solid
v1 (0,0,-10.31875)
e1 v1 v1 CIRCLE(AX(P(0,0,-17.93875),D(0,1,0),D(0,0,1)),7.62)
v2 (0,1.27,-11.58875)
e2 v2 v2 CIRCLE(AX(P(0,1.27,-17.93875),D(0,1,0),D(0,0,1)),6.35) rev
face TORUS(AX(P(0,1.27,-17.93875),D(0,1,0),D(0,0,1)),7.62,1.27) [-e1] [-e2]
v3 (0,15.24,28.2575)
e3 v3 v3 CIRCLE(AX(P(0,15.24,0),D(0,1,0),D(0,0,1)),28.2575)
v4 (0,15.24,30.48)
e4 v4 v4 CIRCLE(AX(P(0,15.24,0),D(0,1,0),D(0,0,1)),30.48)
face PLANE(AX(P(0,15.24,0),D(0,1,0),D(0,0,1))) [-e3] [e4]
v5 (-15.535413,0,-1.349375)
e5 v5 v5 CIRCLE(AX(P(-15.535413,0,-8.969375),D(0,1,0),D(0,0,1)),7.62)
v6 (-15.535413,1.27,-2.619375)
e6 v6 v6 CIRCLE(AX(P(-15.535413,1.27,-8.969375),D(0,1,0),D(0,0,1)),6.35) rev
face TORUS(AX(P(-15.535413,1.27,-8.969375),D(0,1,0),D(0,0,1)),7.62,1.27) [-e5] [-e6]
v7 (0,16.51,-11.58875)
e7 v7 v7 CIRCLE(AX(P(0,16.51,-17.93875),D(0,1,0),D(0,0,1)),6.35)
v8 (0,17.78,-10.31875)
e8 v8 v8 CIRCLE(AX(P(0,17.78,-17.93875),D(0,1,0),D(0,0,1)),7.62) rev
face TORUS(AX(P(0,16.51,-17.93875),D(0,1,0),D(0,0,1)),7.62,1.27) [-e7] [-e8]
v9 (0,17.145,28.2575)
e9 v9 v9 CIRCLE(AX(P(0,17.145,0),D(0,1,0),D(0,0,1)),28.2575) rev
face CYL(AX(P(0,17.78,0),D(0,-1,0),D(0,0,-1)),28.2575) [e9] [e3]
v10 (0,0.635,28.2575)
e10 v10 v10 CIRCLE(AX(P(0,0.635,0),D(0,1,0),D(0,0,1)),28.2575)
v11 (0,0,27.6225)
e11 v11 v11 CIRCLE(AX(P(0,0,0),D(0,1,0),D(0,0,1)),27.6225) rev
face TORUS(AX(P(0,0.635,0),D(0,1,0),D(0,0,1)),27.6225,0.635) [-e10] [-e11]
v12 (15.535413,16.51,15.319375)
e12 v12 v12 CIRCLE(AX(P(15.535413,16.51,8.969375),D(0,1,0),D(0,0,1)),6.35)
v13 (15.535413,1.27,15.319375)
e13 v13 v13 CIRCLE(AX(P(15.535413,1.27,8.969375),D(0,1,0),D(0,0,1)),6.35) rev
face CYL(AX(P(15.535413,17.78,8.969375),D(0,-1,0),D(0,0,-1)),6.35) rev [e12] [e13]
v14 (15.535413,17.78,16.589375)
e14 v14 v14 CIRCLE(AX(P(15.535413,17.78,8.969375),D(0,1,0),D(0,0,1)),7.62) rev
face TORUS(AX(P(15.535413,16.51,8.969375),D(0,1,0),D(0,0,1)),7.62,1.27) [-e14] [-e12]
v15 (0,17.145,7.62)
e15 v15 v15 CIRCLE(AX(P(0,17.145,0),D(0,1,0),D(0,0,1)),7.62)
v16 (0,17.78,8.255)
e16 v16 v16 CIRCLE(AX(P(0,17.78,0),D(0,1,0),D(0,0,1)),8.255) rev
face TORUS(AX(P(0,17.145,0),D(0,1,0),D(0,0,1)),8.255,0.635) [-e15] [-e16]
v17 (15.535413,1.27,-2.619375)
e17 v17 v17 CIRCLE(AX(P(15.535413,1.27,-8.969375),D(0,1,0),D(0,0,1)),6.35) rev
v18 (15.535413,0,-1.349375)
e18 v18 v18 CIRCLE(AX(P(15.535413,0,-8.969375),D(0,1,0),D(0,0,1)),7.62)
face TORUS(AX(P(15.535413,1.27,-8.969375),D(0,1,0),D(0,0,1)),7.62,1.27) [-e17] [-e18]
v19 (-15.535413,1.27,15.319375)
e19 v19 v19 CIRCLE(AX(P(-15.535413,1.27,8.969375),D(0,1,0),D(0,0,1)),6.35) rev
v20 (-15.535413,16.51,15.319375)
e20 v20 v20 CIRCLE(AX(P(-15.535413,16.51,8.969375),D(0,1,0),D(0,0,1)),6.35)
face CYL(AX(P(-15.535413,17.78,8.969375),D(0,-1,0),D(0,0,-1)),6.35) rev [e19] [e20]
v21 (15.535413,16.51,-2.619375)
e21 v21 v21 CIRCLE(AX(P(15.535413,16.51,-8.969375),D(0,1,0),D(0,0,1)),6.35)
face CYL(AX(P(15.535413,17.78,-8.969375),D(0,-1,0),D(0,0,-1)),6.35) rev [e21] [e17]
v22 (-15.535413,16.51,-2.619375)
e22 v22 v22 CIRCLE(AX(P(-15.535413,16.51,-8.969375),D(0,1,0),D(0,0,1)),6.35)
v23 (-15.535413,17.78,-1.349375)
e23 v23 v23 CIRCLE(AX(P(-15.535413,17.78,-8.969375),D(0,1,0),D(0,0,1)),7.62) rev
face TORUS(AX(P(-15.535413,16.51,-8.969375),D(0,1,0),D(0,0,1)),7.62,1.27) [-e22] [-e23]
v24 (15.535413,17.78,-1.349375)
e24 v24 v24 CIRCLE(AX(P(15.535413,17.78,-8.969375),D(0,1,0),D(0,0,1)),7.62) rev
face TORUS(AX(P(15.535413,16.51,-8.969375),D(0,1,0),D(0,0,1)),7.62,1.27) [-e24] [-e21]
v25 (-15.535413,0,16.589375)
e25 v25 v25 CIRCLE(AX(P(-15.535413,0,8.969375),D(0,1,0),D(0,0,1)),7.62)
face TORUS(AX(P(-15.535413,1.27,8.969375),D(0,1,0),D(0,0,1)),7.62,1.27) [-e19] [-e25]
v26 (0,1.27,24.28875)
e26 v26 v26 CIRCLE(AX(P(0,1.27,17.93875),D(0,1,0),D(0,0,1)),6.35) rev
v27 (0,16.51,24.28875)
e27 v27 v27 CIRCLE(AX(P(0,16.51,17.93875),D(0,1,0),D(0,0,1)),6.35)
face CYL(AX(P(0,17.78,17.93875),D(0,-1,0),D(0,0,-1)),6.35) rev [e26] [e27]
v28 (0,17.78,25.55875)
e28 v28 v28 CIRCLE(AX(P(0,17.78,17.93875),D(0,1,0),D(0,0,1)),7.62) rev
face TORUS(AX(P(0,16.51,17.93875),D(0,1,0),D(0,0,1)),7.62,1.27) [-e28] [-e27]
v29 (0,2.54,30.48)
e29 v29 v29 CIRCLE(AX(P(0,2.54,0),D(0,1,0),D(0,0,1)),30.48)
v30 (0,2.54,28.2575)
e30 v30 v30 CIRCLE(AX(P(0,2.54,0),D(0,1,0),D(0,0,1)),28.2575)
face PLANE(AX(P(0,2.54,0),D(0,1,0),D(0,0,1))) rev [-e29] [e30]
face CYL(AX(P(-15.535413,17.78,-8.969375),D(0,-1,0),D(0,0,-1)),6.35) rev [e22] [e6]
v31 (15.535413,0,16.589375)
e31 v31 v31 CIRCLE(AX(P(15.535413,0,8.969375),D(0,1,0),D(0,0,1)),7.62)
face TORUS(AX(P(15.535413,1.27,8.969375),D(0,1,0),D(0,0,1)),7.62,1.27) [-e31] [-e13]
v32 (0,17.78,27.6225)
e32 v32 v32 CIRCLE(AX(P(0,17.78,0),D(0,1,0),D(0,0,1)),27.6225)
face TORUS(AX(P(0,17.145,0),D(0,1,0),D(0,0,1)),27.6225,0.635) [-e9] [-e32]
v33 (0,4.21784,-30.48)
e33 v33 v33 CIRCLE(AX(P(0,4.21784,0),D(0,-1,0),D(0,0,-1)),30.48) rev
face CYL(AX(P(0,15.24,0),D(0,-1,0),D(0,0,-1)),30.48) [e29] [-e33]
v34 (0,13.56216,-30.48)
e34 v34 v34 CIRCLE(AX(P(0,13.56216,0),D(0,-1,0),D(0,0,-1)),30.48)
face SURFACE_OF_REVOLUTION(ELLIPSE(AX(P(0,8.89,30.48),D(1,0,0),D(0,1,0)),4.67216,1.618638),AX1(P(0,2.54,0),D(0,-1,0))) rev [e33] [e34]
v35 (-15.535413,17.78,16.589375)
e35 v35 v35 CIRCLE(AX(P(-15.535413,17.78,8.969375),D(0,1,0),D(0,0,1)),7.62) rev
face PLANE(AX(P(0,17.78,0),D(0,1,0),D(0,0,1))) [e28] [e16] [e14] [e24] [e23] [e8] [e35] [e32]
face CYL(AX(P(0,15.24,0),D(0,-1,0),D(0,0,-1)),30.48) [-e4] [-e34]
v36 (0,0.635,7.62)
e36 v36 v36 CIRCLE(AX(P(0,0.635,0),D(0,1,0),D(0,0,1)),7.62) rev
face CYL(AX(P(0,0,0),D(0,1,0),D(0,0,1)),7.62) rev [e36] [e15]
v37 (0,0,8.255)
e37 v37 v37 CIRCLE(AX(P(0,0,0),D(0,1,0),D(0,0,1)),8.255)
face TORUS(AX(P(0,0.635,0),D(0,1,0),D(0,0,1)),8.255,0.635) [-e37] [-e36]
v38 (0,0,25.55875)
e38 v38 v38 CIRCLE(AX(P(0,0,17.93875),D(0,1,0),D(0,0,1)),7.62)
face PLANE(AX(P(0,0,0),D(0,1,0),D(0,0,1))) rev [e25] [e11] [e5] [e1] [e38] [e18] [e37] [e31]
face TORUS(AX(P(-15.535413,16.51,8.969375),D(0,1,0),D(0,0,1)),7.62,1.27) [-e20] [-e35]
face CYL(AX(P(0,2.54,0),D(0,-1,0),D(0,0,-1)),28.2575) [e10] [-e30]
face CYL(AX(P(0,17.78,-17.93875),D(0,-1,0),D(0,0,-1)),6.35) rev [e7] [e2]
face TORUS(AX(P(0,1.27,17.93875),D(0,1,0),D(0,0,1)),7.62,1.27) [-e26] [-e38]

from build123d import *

# Parameters (mm, degrees)
SKETCH1_R          = 28.2575
STEP_DEPTH         = 2.54
SKETCH2_R          = 30.48
BODY_DEPTH         = 12.7
SKETCH3_R          = 28.2575
MIRROR_STEP_DEPTH  = 2.54
SKETCH4_R          = 7.62
CUT_EXTRUDE1_DEPTH = 18.78
FILLET1_R          = 0.635
SKETCH5_R          = 6.35
CUT_EXTRUDE2_DEPTH = 18.78
FILLET2_R          = 1.27
SKETCH6_RX         = 4.672159503
SKETCH6_RY         = 1.61863816


with BuildPart() as part:
    # Sketch1 → Step (new body)
    with BuildSketch(Plane(origin=(0, 0, 0), x_dir=(1, 0, 0), z_dir=(0, 1, 0))):
        Circle(SKETCH1_R)
    extrude(amount=STEP_DEPTH)

    # Sketch2 → Body (add)
    with BuildSketch(Plane(origin=(0, 2.54, 0), x_dir=(1, 0, 0), z_dir=(0, 1, 0))):
        Circle(SKETCH2_R)
    extrude(amount=BODY_DEPTH)

    # Sketch3 → Mirror_Step (add)
    with BuildSketch(Plane(origin=(0, 15.24, 0), x_dir=(1, 0, 0), z_dir=(0, 1, 0))):
        Circle(SKETCH3_R)
    extrude(amount=MIRROR_STEP_DEPTH)

    # Sketch4 → Cut-Extrude1 (cut, through all)
    with BuildSketch(Plane(origin=(0, 17.78, 0), x_dir=(1, 0, 0), z_dir=(0, 1, 0))):
        Circle(SKETCH4_R)
    extrude(amount=-CUT_EXTRUDE1_DEPTH, mode=Mode.SUBTRACT)

    # Fillet1
    fillet1_edges = [part.edges().sort_by_distance(p)[0] for p in [
        (-28.2575, 17.78, 0),
        (-7.62, 0, 0),
        (-7.62, 17.78, 0),
        (-28.2575, 0, 0),
    ]]
    fillet(fillet1_edges, radius=FILLET1_R)

    # Sketch5 → Cut-Extrude2 (cut, through all)
    with BuildSketch(Plane.XZ):
        with Locations((0, 17.93875)):
            Circle(SKETCH5_R)
        with Locations((15.535413212, 8.969375)):
            Circle(SKETCH5_R)
        with Locations((15.535413212, -8.969375)):
            Circle(SKETCH5_R)
        with Locations((0, -17.93875)):
            Circle(SKETCH5_R)
        with Locations((-15.535413212, -8.969375)):
            Circle(SKETCH5_R)
        with Locations((-15.535413212, 8.969375)):
            Circle(SKETCH5_R)
    extrude(amount=-CUT_EXTRUDE2_DEPTH, mode=Mode.SUBTRACT)

    # Fillet2
    fillet2_edges = [part.edges().sort_by_distance(p)[0] for p in [
        (9.185413212, 17.78, 8.969375),
        (9.185413212, 0, 8.969375),
        (9.185413212, 17.78, -8.969375),
        (9.185413212, 0, -8.969375),
        (-6.35, 17.78, -17.93875),
        (-6.35, 0, -17.93875),
        (-21.885413212, 17.78, -8.969375),
        (-21.885413212, 0, -8.969375),
        (-21.885413212, 17.78, 8.969375),
        (-21.885413212, 0, 8.969375),
        (-6.35, 17.78, 17.93875),
        (-6.35, 0, 17.93875),
    ]]
    fillet(fillet2_edges, radius=FILLET2_R)

    # Sketch6 → Groove (revolve, cut)
    with BuildSketch(Plane(origin=(0, 0, 0), x_dir=(0, 0, -1), z_dir=(1, 0, 0))):
        with Locations(Location((-30.48, 8.89), (0, 0, 90))):
            Ellipse(SKETCH6_RX, SKETCH6_RY)
    revolve(axis=Axis((0, 2.54, 0), (0, 1, 0)), mode=Mode.SUBTRACT)


solid = part.part
